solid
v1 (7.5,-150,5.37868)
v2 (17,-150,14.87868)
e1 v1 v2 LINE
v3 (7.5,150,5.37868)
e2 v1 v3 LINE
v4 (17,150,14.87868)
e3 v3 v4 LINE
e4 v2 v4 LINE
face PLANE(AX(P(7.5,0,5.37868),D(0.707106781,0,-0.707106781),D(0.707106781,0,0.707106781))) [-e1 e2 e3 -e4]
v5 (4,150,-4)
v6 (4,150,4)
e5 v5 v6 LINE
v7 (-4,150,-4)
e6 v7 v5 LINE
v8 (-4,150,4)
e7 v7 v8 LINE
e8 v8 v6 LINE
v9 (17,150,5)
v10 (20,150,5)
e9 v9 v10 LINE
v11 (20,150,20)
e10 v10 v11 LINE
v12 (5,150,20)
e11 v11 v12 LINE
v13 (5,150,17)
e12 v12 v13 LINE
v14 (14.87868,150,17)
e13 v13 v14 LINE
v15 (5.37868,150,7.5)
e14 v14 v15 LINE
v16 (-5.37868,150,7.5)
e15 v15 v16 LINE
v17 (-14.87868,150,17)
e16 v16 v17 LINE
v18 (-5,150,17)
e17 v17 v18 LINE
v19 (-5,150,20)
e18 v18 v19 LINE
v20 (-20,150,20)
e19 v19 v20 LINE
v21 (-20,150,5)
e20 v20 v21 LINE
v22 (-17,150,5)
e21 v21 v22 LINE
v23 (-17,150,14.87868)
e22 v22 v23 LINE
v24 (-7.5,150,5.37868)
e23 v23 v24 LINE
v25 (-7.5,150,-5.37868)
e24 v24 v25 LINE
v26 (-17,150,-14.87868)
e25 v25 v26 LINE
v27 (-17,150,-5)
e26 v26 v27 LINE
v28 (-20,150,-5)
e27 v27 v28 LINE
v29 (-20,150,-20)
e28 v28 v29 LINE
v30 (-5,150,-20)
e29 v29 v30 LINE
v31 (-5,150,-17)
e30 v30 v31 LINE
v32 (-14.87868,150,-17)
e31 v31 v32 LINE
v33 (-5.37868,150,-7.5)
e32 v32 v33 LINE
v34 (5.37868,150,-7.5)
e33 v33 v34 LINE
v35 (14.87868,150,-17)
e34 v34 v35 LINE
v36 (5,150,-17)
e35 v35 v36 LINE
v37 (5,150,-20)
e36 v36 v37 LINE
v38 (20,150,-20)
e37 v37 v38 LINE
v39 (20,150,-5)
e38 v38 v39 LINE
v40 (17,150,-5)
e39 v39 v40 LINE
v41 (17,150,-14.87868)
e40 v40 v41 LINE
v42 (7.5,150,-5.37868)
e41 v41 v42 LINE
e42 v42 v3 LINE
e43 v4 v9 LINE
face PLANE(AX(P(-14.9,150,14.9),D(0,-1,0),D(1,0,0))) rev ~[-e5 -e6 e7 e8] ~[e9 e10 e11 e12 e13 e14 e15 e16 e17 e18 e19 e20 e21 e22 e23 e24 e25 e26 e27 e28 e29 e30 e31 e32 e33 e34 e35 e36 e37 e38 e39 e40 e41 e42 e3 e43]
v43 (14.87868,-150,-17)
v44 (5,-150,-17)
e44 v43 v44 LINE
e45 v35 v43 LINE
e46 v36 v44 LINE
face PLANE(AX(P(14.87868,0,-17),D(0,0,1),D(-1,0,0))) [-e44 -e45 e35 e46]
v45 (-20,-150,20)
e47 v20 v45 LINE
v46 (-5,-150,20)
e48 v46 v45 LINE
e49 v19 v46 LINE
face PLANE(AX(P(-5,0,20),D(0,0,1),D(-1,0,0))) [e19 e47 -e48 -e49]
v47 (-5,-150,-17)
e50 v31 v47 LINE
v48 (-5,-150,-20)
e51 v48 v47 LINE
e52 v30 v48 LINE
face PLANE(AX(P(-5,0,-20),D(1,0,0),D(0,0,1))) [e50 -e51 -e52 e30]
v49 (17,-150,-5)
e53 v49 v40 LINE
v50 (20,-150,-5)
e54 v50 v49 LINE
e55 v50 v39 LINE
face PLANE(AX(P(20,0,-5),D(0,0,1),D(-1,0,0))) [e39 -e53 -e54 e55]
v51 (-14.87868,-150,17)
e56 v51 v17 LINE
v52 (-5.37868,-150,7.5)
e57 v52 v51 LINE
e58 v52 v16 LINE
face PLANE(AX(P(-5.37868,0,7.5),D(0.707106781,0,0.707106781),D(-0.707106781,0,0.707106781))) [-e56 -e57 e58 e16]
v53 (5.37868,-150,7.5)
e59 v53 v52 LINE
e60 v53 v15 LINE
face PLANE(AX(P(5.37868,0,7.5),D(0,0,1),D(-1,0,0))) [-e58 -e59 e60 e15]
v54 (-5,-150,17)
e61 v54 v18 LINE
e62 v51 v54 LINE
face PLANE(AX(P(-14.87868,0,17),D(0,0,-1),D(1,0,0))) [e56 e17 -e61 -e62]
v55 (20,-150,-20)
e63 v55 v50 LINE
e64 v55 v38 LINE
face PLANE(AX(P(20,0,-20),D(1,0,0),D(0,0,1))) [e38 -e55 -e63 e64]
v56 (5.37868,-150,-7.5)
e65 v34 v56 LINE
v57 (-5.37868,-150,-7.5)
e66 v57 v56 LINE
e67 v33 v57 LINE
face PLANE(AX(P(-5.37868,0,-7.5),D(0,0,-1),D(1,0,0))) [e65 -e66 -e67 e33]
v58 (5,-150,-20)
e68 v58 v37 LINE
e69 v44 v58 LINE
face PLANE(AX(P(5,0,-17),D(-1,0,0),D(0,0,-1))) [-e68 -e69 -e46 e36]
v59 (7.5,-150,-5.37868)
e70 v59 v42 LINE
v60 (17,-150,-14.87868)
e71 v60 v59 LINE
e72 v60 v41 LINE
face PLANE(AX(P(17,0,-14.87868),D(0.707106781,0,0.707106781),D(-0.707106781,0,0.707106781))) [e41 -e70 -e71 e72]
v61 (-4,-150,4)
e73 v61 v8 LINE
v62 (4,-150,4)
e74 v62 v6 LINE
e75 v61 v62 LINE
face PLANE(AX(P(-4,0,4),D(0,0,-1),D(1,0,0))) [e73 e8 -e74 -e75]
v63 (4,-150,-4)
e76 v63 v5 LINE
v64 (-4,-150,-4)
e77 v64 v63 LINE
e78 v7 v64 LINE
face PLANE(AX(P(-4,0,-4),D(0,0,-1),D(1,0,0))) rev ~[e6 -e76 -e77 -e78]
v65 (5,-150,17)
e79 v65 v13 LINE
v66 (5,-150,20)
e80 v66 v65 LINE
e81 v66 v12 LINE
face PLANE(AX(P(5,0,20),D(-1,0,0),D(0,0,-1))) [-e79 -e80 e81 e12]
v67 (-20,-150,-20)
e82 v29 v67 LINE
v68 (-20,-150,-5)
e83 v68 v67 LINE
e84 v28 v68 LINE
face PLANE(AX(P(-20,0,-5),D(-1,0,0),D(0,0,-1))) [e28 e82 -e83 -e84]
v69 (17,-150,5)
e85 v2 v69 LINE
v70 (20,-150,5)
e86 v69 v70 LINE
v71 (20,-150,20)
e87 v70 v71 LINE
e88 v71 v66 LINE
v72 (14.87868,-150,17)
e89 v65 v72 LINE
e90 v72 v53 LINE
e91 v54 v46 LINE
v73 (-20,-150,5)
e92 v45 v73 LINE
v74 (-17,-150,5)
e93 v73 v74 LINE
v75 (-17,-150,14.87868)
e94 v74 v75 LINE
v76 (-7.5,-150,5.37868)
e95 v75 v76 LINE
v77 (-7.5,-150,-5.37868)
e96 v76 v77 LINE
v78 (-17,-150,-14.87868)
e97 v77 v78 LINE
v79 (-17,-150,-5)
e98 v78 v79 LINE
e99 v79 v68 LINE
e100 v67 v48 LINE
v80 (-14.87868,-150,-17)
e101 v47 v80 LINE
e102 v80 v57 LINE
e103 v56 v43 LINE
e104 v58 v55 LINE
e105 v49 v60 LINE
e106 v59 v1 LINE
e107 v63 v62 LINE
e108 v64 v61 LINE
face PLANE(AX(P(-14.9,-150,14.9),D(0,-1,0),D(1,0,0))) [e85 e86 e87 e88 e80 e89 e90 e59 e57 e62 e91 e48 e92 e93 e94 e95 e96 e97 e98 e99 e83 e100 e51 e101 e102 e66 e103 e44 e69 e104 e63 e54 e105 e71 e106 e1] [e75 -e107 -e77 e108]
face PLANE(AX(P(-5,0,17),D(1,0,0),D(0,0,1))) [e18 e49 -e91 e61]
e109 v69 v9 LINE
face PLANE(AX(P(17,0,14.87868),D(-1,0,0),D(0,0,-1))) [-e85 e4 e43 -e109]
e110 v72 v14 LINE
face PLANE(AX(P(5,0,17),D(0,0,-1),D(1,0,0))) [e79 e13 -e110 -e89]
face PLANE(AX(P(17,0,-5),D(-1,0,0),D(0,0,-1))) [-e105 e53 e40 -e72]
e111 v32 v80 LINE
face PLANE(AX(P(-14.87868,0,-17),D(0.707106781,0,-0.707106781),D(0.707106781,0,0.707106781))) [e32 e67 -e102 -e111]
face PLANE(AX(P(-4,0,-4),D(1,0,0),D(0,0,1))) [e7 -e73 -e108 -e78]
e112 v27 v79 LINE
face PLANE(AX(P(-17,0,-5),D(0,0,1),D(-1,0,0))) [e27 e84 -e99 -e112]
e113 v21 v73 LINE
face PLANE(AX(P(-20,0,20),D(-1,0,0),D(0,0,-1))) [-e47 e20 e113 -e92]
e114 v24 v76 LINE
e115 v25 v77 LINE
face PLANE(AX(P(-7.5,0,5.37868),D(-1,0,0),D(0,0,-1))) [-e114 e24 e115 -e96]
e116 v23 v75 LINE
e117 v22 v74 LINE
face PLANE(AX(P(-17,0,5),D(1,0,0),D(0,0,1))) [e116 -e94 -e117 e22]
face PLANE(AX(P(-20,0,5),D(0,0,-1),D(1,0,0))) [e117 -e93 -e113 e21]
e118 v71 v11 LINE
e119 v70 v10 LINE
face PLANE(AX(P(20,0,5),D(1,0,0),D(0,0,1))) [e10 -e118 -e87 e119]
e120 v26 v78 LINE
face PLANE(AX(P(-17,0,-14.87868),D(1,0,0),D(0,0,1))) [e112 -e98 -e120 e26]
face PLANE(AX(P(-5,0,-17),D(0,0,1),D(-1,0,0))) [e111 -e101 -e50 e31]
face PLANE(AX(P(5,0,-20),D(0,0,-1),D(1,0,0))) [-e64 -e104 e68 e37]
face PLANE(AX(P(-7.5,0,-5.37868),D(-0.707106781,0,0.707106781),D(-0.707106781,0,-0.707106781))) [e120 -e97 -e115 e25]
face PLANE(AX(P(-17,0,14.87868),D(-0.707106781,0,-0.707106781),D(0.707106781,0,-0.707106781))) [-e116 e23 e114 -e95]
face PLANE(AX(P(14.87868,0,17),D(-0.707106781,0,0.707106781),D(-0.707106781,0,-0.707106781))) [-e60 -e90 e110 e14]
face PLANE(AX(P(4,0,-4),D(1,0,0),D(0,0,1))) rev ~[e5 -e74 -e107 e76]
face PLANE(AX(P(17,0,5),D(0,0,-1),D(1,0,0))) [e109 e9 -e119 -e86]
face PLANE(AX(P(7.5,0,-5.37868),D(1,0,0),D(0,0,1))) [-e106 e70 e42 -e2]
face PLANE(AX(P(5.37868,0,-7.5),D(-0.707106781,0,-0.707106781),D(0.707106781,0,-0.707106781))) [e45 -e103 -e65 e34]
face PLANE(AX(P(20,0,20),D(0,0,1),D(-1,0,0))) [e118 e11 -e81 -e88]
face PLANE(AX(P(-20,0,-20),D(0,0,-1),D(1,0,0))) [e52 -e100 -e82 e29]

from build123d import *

# Parameters (mm, degrees)
F0_W     = 8
F0_H     = 8
F1_DEPTH = 150


with BuildPart() as f1:
    # F0 (on Front) → F1 (new body, symmetric)
    with BuildSketch(Plane.XZ):
        Polygon((-5, 17), (-5, 20), (-20, 20), (-20, 5), (-17, 5), (-17, 14.87868), (-17, 17), (-14.87868, 17), align=None)
        Polygon((-17, -5), (-20, -5), (-20, -20), (-5, -20), (-5, -17), (-14.87868, -17), (-17, -17), (-17, -14.87868), align=None)
        Polygon((20, -20), (20, -5), (17, -5), (17, -14.87868), (17, -17), (14.87868, -17), (5, -17), (5, -20), align=None)
        Polygon((20, 5), (20, 20), (5, 20), (5, 17), (14.87868, 17), (17, 17), (17, 14.87868), (17, 5), align=None)
        Polygon((17, 17), (14.87868, 17), (5.37868, 7.5), (7.5, 7.5), (7.5, 5.37868), (17, 14.87868), align=None)
        Polygon((-5.37868, 7.5), (-14.87868, 17), (-17, 17), (-17, 14.87868), (-7.5, 5.37868), (-7.5, 7.5), align=None)
        Polygon((-7.5, -5.37868), (-17, -14.87868), (-17, -17), (-14.87868, -17), (-5.37868, -7.5), (-7.5, -7.5), align=None)
        Polygon((17, -17), (17, -14.87868), (7.5, -5.37868), (7.5, -7.5), (5.37868, -7.5), (14.87868, -17), align=None)
        Polygon((7.5, 7.5), (5.37868, 7.5), (-5.37868, 7.5), (-7.5, 7.5), (-7.5, 5.37868), (-7.5, -5.37868), (-7.5, -7.5), (-5.37868, -7.5), (5.37868, -7.5), (7.5, -7.5), (7.5, -5.37868), (7.5, 5.37868), align=None)
        Rectangle(F0_W, F0_H, mode=Mode.SUBTRACT)
    extrude(amount=F1_DEPTH, both=True)


solid = f1.part
